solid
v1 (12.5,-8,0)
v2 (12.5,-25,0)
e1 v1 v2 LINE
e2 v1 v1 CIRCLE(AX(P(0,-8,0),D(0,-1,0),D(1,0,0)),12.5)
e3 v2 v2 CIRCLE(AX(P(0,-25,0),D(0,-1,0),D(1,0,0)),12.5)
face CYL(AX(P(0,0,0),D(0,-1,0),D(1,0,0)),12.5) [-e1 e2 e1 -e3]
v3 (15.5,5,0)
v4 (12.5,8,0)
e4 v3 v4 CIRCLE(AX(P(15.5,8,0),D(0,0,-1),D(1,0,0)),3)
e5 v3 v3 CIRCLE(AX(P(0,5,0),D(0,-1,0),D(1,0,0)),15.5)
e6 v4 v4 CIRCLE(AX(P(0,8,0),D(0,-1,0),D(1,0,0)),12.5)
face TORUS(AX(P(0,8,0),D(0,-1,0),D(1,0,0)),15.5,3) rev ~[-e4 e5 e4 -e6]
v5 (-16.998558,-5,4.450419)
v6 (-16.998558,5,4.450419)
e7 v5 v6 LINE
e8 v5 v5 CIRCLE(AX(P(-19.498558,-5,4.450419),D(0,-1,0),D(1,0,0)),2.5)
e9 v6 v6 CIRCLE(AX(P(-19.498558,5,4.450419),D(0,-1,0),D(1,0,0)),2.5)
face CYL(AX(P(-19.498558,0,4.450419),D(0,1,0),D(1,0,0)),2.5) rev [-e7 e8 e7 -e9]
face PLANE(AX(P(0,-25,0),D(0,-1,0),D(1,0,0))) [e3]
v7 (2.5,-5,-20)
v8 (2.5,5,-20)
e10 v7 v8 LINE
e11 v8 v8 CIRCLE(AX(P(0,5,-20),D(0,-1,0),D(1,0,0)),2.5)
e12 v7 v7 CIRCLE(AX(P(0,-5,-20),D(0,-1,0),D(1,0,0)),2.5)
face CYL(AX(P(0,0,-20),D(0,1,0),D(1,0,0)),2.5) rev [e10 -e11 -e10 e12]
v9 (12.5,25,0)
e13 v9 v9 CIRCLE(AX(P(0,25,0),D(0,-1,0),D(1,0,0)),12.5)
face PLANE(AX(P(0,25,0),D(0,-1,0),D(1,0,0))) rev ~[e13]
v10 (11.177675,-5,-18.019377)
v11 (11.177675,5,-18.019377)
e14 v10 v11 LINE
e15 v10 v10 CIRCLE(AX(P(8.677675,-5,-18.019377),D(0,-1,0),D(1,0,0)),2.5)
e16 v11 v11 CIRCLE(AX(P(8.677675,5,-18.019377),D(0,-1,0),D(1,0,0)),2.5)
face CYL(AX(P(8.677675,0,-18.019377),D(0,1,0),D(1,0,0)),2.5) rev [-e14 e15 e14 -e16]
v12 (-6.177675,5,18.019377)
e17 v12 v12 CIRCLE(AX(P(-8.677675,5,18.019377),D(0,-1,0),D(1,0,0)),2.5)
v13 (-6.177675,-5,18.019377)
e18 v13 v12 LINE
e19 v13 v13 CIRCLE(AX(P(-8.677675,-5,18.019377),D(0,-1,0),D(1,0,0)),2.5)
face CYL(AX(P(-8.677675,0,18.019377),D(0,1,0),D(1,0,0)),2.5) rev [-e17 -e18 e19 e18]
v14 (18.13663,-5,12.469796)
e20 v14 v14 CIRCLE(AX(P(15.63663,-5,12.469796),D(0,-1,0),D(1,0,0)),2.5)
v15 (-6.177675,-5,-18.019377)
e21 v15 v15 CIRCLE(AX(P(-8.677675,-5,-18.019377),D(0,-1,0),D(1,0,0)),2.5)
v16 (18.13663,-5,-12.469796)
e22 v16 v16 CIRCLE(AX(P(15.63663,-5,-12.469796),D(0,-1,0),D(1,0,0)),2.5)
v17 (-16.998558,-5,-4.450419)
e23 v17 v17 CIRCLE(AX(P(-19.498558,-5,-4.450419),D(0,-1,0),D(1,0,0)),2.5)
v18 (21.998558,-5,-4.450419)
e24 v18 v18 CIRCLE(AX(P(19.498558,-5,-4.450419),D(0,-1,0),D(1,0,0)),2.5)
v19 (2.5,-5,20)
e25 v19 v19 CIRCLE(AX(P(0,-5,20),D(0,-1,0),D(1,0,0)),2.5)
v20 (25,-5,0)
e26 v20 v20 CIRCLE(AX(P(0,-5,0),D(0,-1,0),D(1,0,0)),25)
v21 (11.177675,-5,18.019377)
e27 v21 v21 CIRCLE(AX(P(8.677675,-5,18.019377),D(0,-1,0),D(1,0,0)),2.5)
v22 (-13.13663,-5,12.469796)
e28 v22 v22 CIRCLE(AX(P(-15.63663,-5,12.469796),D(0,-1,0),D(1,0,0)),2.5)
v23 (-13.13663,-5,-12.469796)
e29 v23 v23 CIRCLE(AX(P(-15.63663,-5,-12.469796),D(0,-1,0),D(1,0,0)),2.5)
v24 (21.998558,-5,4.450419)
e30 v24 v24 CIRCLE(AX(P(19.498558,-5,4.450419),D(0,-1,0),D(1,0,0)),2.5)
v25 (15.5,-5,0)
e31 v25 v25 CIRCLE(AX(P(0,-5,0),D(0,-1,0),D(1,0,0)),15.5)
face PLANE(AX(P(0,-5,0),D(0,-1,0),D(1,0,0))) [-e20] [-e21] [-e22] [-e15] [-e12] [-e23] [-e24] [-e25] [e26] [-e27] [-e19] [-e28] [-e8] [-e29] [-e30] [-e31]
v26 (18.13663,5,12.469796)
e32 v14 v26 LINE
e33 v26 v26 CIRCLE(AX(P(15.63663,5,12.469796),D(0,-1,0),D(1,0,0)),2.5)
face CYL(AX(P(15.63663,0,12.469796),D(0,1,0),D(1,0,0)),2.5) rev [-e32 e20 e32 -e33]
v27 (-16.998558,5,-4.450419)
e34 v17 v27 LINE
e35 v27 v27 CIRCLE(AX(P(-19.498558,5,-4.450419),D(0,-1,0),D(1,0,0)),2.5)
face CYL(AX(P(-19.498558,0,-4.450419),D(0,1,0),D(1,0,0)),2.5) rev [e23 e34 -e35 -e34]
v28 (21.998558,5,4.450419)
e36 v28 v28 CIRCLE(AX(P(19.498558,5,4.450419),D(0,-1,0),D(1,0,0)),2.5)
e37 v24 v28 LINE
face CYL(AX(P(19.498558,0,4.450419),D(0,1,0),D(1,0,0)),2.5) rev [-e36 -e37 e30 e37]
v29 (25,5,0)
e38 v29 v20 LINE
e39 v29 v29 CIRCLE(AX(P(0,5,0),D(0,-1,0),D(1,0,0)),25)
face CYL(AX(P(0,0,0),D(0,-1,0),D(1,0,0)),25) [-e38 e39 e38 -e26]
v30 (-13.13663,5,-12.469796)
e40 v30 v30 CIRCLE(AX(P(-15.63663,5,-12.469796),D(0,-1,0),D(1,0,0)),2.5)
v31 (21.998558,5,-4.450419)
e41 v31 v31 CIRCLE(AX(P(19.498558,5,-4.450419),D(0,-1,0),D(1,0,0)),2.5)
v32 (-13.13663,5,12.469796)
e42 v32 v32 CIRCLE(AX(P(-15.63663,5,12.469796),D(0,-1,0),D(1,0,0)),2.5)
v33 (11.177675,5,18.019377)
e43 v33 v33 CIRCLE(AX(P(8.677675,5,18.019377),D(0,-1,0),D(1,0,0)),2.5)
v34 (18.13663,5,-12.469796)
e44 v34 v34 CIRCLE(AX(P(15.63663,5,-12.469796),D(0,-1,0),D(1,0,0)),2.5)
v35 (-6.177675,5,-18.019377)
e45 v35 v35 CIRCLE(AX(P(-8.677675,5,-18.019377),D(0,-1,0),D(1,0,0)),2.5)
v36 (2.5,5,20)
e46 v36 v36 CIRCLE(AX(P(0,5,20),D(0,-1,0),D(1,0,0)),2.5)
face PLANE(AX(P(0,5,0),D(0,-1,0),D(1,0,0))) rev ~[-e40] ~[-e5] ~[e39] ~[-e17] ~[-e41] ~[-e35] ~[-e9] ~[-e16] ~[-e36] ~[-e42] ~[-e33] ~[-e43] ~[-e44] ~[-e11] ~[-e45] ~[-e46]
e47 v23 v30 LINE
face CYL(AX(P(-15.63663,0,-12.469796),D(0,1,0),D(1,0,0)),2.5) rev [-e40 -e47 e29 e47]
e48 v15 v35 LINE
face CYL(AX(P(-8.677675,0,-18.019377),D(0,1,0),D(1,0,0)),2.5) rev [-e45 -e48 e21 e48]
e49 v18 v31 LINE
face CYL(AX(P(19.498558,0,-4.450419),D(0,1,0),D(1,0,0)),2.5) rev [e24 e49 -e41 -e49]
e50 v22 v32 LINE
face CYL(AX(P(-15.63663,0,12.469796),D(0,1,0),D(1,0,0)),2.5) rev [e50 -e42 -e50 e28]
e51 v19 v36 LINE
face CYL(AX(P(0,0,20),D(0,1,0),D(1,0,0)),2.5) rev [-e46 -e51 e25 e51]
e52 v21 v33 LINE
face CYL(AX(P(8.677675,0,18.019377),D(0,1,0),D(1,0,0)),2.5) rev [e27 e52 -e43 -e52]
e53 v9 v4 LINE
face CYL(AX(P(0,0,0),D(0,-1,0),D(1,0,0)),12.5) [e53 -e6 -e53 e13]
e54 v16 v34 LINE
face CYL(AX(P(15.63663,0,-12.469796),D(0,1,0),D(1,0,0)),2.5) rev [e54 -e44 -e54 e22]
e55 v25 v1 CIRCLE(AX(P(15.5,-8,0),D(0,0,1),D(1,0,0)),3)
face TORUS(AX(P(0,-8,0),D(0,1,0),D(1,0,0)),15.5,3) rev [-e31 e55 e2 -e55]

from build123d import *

# Parameters (mm, degrees)
F0_R     = 12.5
F1_DEPTH = 25
F2_R     = 25
F2_R_2   = 2.5
F3_DEPTH = 5
F4_R     = 3


with BuildPart() as f1:
    # F0 (on Front) → F1 (new body, symmetric)
    with BuildSketch(Plane.XZ):
        Circle(F0_R)
    extrude(amount=F1_DEPTH, both=True)

    # F2 (on Front) → F3 (join, symmetric)
    with BuildSketch(Plane.XZ):
        Circle(F2_R)
        with Locations((-8.6776747824, -18.019377358)):
            Circle(F2_R_2, mode=Mode.SUBTRACT)
        with Locations((-15.6366296494, -12.4697960372)):
            Circle(F2_R_2, mode=Mode.SUBTRACT)
        with Locations((-19.4985582436, -4.4504186791)):
            Circle(F2_R_2, mode=Mode.SUBTRACT)
        with Locations((0, -20)):
            Circle(F2_R_2, mode=Mode.SUBTRACT)
        with Locations((8.6776747824, -18.019377358)):
            Circle(F2_R_2, mode=Mode.SUBTRACT)
        with Locations((15.6366296494, -12.4697960372)):
            Circle(F2_R_2, mode=Mode.SUBTRACT)
        with Locations((19.4985582436, -4.4504186791)):
            Circle(F2_R_2, mode=Mode.SUBTRACT)
        with Locations((-19.4985582436, 4.4504186791)):
            Circle(F2_R_2, mode=Mode.SUBTRACT)
        with Locations((-15.6366296494, 12.4697960372)):
            Circle(F2_R_2, mode=Mode.SUBTRACT)
        with Locations((-8.6776747824, 18.019377358)):
            Circle(F2_R_2, mode=Mode.SUBTRACT)
        with Locations((19.4985582436, 4.4504186791)):
            Circle(F2_R_2, mode=Mode.SUBTRACT)
        with Locations((15.6366296494, 12.4697960372)):
            Circle(F2_R_2, mode=Mode.SUBTRACT)
        with Locations((8.6776747824, 18.019377358)):
            Circle(F2_R_2, mode=Mode.SUBTRACT)
        with Locations((0, 20)):
            Circle(F2_R_2, mode=Mode.SUBTRACT)
    extrude(amount=F3_DEPTH, both=True)

    # F4
    f4_edges = [f1.edges().sort_by_distance(p)[0] for p in [
        (-12.5, 5, 0),
        (-12.5, -5, 0),
    ]]
    fillet(f4_edges, radius=F4_R)


solid = f1.part
